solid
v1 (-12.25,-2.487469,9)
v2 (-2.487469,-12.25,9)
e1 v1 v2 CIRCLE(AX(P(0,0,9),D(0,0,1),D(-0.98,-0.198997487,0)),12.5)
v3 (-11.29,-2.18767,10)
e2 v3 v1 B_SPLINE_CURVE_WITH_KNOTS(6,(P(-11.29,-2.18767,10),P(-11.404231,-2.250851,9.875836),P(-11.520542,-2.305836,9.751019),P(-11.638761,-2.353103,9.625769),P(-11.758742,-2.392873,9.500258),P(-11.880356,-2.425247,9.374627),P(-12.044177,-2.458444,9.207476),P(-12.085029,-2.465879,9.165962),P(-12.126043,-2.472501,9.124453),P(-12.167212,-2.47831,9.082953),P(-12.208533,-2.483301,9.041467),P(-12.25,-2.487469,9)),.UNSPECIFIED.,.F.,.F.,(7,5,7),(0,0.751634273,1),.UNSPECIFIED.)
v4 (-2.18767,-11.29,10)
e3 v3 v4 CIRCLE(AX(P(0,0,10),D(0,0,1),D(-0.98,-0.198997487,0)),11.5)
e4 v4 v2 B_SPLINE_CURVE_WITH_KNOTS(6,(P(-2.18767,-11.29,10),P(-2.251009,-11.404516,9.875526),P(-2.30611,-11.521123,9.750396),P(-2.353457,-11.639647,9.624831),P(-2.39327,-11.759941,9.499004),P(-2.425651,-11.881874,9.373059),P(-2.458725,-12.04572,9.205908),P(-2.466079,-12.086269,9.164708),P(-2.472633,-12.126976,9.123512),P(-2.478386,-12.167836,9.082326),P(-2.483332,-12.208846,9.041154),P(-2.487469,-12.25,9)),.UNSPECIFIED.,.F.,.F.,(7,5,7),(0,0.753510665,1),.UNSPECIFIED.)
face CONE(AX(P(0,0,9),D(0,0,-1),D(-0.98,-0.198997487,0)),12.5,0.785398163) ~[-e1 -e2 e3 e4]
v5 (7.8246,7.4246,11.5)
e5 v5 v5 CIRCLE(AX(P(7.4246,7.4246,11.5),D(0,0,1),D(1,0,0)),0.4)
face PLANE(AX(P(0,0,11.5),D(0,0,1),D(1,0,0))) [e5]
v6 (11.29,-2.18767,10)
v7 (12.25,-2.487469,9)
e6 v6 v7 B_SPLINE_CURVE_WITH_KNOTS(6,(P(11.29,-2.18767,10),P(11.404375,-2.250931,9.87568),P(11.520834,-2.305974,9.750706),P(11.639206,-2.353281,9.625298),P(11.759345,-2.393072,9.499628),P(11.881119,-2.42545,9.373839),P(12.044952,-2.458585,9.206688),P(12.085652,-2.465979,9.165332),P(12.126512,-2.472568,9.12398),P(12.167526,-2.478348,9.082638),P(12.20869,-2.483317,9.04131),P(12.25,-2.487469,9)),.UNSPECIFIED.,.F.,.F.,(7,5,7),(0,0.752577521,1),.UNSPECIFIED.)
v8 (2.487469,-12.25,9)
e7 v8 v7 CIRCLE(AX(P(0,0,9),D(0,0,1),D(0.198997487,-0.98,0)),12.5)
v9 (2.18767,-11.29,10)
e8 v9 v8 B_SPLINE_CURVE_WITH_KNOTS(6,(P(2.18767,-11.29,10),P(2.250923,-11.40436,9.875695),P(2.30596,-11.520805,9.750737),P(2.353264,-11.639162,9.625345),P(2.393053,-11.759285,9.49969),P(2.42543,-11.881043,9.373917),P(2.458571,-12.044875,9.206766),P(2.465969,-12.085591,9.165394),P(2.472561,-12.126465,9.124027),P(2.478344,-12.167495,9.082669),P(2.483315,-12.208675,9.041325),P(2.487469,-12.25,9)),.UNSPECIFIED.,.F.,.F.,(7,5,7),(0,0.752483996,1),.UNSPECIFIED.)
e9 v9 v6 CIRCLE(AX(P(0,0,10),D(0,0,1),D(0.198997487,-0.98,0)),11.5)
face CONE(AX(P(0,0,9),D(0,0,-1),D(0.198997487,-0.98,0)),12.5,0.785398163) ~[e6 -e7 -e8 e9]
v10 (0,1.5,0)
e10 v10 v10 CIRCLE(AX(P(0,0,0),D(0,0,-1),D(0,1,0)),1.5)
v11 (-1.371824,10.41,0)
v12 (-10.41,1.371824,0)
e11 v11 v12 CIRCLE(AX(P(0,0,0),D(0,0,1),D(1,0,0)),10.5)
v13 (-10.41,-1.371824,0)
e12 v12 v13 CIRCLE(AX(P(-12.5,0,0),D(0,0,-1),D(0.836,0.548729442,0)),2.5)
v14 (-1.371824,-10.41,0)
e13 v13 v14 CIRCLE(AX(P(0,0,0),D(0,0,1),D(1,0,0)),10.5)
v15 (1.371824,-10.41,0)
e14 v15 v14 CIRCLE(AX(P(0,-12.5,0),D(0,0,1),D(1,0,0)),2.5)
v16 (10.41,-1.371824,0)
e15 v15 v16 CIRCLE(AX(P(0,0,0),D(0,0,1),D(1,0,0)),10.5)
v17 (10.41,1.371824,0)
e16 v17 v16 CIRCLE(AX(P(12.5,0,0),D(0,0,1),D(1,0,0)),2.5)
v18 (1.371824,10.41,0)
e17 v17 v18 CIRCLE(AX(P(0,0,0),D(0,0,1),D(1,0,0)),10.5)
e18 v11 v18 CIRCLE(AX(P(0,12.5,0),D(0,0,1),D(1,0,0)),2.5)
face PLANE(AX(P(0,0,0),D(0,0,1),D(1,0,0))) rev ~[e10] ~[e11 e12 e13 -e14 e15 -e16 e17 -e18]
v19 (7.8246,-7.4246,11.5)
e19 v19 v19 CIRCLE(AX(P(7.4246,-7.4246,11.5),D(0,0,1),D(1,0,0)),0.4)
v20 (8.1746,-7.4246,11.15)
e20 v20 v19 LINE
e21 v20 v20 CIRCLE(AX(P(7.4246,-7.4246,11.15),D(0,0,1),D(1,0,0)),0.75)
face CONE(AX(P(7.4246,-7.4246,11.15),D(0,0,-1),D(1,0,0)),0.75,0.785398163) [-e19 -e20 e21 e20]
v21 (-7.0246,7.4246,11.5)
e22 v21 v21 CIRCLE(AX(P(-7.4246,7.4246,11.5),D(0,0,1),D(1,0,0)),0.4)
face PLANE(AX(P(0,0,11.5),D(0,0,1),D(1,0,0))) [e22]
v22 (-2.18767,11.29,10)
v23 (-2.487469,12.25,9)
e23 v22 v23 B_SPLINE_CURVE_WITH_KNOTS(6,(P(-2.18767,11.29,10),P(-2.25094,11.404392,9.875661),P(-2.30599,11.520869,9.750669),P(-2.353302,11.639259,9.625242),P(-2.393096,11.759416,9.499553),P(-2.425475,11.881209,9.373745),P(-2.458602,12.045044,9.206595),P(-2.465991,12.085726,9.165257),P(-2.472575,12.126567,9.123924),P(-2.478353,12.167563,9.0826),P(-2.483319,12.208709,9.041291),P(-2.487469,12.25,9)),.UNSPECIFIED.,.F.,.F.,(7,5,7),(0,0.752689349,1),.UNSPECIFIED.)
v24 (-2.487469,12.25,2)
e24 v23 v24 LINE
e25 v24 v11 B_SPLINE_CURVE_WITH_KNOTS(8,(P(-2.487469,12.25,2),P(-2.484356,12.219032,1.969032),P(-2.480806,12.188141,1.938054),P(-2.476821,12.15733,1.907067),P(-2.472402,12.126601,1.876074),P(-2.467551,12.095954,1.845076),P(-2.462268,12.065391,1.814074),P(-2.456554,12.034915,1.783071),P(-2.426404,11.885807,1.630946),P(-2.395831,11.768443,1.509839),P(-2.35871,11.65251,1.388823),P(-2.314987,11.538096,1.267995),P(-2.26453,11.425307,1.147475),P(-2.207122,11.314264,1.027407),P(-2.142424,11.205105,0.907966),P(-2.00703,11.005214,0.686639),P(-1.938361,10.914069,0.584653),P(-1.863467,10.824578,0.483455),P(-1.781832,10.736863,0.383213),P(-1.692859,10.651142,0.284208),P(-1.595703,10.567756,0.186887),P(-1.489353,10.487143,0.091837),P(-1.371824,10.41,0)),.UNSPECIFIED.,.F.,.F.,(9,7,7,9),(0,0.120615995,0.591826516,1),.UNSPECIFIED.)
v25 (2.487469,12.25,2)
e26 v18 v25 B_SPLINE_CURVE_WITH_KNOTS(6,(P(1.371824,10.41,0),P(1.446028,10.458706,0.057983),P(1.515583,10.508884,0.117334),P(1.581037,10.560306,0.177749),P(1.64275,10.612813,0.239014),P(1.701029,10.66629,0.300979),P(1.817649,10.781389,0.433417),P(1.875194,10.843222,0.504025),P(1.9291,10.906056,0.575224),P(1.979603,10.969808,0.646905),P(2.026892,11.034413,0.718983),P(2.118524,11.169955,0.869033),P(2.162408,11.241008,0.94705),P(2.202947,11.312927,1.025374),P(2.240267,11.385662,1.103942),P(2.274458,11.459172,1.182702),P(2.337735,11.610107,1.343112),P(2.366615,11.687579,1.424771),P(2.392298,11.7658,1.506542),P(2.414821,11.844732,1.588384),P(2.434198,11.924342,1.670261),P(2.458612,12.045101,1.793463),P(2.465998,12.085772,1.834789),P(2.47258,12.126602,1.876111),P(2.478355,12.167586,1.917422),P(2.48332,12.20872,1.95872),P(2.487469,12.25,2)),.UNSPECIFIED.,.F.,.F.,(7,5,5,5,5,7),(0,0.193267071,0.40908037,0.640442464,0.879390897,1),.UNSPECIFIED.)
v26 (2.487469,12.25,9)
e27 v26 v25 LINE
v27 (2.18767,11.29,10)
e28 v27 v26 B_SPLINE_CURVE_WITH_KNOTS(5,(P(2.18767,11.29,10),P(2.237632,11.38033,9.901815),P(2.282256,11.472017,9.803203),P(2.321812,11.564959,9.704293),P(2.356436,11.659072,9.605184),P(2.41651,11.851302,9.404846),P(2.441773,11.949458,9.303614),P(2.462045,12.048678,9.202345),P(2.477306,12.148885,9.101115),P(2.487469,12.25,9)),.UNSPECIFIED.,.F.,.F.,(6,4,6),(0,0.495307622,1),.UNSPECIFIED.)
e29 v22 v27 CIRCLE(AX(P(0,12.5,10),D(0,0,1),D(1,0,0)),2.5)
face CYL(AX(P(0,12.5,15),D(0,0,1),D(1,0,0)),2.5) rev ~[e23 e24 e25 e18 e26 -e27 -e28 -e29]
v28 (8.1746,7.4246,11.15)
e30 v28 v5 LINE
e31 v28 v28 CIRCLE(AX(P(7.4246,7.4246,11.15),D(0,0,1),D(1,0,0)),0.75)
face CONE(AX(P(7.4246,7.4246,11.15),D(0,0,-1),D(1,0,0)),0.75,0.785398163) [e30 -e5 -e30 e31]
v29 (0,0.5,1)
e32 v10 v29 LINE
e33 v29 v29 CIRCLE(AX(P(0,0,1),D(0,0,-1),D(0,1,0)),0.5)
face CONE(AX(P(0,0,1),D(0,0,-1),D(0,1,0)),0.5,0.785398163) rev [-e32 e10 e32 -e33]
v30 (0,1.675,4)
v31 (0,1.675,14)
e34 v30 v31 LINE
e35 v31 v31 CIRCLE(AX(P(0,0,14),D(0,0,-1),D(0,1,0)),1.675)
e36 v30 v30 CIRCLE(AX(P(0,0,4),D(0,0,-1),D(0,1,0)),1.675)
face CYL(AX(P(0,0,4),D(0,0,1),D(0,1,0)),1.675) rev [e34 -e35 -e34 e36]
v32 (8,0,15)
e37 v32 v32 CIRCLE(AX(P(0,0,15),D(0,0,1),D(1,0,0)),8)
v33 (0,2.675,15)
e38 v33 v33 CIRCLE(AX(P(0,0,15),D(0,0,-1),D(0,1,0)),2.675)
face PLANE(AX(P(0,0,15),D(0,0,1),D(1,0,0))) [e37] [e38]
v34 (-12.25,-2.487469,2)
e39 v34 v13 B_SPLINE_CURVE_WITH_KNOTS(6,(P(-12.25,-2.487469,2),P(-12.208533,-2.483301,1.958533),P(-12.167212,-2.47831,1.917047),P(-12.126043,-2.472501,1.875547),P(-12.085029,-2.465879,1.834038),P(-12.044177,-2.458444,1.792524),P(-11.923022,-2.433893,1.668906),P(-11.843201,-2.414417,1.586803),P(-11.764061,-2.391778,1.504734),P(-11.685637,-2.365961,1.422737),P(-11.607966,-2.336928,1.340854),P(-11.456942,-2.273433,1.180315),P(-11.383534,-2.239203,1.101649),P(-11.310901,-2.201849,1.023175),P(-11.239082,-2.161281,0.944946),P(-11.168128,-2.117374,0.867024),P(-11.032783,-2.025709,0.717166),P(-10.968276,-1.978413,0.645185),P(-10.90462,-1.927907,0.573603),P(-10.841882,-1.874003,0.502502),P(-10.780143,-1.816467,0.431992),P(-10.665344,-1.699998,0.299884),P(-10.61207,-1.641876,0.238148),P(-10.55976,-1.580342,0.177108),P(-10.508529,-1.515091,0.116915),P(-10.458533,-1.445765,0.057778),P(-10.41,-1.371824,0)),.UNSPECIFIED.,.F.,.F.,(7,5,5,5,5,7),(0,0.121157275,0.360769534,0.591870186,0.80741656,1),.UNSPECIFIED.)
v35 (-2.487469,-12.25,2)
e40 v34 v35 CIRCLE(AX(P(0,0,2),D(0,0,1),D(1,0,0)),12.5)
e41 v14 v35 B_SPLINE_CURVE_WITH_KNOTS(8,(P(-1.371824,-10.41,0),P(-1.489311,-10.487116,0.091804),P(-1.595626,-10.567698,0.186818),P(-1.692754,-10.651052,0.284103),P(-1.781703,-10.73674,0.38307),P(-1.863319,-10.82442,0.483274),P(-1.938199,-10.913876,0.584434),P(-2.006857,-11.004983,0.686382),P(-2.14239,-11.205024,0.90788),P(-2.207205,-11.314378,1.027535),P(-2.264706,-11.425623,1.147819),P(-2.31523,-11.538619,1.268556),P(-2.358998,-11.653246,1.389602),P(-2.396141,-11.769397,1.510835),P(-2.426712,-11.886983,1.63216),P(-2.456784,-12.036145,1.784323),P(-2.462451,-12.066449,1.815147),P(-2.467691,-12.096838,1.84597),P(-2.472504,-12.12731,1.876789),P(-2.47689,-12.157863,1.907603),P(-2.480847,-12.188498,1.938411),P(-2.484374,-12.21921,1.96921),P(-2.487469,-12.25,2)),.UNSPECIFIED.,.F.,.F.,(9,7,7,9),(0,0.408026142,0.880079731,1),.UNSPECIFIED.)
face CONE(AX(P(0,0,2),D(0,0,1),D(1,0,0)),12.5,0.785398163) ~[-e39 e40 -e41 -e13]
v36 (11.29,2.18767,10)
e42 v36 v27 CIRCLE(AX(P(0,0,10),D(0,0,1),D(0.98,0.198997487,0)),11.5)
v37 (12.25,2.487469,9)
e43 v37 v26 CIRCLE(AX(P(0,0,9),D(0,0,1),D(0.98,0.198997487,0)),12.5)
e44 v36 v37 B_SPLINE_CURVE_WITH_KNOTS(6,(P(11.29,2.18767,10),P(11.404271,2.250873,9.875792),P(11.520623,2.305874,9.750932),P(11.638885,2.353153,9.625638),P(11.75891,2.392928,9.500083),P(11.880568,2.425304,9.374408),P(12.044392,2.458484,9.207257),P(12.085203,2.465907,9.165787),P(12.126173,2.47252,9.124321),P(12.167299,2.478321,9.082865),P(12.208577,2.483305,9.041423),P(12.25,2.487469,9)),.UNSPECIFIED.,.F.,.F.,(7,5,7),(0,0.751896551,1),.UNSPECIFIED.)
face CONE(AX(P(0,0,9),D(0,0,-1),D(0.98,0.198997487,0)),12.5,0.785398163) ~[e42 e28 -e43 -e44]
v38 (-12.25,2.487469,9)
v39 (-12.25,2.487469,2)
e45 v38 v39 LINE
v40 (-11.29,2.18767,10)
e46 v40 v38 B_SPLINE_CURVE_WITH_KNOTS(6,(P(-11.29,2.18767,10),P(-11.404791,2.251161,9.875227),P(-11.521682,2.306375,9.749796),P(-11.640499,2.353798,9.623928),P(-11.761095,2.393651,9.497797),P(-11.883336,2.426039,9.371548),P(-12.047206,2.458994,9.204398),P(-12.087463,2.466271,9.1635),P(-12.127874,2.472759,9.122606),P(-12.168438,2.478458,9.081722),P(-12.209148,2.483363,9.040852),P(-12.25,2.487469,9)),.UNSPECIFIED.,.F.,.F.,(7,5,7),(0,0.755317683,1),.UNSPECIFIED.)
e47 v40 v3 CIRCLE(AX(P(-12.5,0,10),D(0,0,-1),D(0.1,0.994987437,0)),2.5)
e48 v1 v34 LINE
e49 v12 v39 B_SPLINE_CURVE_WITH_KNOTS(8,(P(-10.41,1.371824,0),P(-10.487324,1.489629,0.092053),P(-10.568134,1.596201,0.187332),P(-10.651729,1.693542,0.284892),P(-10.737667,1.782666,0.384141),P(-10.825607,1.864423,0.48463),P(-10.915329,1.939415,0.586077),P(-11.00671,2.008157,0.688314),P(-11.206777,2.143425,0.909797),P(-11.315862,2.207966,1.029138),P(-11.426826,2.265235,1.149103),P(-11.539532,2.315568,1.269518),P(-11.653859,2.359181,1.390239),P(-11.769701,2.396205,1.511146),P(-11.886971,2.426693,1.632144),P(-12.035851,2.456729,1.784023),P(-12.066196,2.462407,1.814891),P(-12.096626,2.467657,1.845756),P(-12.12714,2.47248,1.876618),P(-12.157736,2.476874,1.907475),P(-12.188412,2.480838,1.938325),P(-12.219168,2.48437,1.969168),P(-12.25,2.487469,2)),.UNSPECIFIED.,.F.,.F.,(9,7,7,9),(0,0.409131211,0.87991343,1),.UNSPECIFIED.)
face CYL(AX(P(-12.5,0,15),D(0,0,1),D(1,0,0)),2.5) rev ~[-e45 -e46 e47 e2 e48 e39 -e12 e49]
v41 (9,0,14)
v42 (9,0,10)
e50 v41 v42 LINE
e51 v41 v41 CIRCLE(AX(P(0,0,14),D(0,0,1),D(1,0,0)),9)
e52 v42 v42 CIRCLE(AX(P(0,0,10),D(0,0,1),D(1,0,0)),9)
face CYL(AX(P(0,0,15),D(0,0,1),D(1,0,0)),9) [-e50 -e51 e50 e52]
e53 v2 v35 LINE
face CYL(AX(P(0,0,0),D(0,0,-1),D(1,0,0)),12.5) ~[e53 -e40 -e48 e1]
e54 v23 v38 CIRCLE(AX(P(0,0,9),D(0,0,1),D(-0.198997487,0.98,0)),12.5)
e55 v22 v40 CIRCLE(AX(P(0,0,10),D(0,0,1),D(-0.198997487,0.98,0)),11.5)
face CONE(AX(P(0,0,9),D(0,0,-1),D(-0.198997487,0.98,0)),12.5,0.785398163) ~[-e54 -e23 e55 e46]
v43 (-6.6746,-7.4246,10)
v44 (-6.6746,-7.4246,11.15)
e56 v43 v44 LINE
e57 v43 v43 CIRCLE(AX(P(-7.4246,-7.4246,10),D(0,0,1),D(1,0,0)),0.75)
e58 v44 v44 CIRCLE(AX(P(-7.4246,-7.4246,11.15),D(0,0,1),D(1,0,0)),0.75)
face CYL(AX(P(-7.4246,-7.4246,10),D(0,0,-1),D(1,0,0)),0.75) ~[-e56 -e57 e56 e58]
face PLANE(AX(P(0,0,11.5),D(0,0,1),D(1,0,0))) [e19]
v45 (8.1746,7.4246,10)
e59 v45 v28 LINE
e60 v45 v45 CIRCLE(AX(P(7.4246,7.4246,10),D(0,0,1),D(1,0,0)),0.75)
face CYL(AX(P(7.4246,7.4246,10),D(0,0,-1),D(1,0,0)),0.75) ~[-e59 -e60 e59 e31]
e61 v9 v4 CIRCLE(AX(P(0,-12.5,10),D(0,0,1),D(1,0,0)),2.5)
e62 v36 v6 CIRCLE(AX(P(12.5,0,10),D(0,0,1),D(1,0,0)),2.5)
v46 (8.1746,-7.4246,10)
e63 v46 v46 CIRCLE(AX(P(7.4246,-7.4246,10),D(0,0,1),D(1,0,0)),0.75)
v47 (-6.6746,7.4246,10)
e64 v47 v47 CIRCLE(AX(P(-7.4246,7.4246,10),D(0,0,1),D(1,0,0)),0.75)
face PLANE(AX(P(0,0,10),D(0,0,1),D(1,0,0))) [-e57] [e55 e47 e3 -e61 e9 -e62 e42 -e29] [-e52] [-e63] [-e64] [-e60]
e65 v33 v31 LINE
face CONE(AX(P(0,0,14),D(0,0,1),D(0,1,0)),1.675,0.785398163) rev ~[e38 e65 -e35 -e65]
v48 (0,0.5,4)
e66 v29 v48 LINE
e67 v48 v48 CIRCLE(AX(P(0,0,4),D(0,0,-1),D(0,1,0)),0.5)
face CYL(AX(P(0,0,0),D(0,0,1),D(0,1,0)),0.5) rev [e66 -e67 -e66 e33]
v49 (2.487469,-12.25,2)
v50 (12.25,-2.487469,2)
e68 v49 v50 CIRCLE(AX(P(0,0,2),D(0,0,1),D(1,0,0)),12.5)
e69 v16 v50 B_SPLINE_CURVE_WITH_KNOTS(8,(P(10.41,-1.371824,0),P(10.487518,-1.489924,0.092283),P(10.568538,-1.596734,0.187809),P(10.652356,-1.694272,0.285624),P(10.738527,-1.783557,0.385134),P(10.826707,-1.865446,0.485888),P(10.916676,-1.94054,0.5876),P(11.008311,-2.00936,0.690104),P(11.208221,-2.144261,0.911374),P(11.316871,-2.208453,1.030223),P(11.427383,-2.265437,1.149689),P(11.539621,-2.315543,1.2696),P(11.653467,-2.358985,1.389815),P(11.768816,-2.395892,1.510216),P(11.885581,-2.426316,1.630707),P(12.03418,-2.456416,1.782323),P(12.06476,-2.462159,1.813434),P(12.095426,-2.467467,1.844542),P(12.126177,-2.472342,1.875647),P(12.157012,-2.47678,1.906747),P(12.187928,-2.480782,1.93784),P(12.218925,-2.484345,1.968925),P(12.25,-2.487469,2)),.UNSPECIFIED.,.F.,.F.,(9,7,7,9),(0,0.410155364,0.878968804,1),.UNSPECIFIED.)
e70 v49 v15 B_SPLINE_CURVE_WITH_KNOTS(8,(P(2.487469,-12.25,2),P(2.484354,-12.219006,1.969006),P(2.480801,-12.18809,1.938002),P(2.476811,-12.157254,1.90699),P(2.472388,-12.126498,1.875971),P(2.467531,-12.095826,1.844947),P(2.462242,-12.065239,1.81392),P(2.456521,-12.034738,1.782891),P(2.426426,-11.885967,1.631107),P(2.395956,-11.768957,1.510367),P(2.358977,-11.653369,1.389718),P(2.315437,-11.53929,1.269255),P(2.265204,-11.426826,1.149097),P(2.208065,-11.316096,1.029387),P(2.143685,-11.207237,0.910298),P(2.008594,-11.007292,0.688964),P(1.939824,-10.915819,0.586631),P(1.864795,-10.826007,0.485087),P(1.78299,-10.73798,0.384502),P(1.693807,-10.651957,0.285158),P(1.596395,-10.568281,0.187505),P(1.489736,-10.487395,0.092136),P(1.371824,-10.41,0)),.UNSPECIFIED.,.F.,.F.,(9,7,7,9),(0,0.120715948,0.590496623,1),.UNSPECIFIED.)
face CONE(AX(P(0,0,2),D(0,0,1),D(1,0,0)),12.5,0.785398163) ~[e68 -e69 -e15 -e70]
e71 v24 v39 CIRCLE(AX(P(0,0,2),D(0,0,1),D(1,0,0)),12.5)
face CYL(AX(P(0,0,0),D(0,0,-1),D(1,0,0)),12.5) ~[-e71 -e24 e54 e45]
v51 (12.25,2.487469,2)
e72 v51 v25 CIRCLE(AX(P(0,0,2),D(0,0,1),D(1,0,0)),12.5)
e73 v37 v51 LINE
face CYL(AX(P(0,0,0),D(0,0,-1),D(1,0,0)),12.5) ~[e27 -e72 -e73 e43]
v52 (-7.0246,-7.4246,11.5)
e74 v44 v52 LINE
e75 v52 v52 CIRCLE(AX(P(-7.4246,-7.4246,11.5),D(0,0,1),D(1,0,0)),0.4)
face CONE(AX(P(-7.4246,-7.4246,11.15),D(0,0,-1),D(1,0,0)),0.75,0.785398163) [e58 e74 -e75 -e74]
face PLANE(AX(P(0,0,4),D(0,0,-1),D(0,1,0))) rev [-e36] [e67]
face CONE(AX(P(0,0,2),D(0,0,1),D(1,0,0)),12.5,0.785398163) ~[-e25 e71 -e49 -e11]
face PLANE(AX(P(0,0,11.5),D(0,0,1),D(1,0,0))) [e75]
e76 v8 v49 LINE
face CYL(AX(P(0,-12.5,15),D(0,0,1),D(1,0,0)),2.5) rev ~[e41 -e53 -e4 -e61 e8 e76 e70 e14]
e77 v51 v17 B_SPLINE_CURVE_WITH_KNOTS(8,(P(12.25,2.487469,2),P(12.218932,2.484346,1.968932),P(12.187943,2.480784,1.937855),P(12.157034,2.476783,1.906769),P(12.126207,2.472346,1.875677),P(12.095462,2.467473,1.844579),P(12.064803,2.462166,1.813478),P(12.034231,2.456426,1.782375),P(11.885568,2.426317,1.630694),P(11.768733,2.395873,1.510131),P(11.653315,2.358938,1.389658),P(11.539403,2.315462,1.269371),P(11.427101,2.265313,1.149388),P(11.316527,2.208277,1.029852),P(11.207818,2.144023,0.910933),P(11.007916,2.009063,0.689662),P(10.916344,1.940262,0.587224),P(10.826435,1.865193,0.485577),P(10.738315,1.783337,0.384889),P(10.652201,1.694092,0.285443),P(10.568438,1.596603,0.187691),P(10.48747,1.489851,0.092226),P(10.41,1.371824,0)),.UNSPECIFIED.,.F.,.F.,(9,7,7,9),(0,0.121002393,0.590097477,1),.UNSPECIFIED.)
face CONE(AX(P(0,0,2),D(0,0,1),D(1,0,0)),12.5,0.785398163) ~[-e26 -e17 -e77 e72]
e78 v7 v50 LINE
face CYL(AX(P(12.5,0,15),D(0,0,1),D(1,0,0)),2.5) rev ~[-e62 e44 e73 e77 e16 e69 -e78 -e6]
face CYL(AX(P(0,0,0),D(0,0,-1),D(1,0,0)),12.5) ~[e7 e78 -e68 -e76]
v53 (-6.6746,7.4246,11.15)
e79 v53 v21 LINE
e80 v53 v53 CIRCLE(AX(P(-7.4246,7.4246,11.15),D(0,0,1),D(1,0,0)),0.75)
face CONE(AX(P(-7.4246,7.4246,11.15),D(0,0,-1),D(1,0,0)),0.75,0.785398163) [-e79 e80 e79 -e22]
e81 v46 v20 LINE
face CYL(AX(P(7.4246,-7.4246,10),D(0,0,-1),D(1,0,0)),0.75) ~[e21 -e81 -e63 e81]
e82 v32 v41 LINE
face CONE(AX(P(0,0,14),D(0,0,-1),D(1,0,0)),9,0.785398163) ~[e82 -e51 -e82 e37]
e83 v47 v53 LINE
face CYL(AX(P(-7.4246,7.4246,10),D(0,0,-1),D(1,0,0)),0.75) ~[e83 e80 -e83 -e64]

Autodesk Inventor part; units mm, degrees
ref_plane "YZ Plane" through (0, 0, 0) normal (1, 0, 0) x (0, 1, 0)
ref_plane "XZ Plane" through (0, 0, 0) normal (0, 1, 0) x (-1, 0, 0)
ref_plane "XY Plane" through (0, 0, 0) normal (0, 0, 1) x (1, 0, 0)
sketch "Sketch1" plane through (0, 0, 0) normal (0, 0, 1) x (1, 0, 0)
  circle A0 centre (0, 0) radius 12.5
  dimension "d0" = 25
extrude "Extrusion1" add sketch "Sketch1" along normal blind 15
chamfer "Chamfer2" distance 2 angle 45 1 edges at (-12.5, 0, 0)
sketch "Sketch2" plane through (0, 0, 0) normal (1, 0, 0) x (0, 1, 0)
  line L0 (0, 0) -> (0.5, 0)
  line L1 (0.5, 0) -> (0.5, 4)
  line L2 (0.5, 4) -> (0, 4)
  line L3 (0, 4) -> (0, 0)
  line L4 (12.5, 15) -> (-12.5, 15) projected
  line L5 (0, 4) -> (1.675, 4)
  line L6 (1.675, 4) -> (1.675, 15)
  line L7 (1.675, 15) -> (0, 15)
  line L8 (0, 15) -> (0, 4)
  dimension "d9" = 0.5
  dimension "d10" = 1.675
  dimension "d11" = 4
revolve "Revolution1" cut sketch "Sketch2" angle 360 about axis through (0, 0, 15) along (0, 0, -1)
chamfer "Chamfer3" distance 1 angle 45 2 edges at (0, -0.5, 0) (0, -1.675, 15)
sketch "Sketch3" plane through (0, 0, 15) normal (0, 0, 1) x (1, 0, 0)
  circle A0 centre (0, 0) radius 9
  circle A1 centre (0, 0) radius 0.5 construction
  line L0 (0, 0) -> (26.029, 0) construction
  circle A2 centre (0, 0) radius 12.5 construction
  circle A3 centre (12.5, 0) radius 2.5
  circle A4 centre (0, 12.5) radius 2.5
  circle A5 centre (-12.5, 0) radius 2.5
  circle A6 centre (0, -12.5) radius 2.5
  circle A7 centre (0, 0) radius 12.5
  point P0 (-2.4875, 12.25)
  point P1 (-12.25, 2.4875)
  point P2 (-12.25, -2.4875)
  point P3 (-2.4875, -12.25)
  point P4 (2.4875, -12.25)
  point P5 (12.25, -2.4875)
  point P6 (12.25, 2.4875)
  point P7 (2.4875, 12.25)
  dimension "d16" = 5
  dimension "d19" = 360
  dimension "d21" = 25
  dimension "d22" = 18
extrude "Extrusion2" cut sketch "Sketch3" against normal through all contours A3 A7 | A7 A3 | A7 A4 | A4 A7 | A7 A6 | A6 A7 | A7 A5 | A5 A7
extrude "Extrusion3" cut sketch "Sketch3" against normal blind 5 contours A3 A7 A6 A5 A4
chamfer "Chamfer4" distance 1 angle 45 5 edges at (-9, 0, 15) (-8.8388, -8.8388, 10) (8.8388, -8.8388, 10) (8.8388, 8.8388, 10) (-8.8388, 8.8388, 10)
sketch "Sketch4" plane through (0, 0, 10) normal (0, 0, 1) x (1, 0, 0)
  circle A0 centre (0, 0) radius 0.5 construction
  line L0 (0, 0) -> (-18.6595, 0) construction
  line L1 (0, 0) -> (0, 25.4609) construction
  circle A1 centre (0, 0) radius 1.675 construction
  line L2 (0, 0) -> (-16.5294, 16.5294) construction
  circle A2 centre (-7.4246, 7.4246) radius 0.75
  circle A3 centre (0, 0) radius 2.675 construction
  circle A4 centre (0, 0) radius 10.5 construction
  circle A5 centre (-7.4246, -7.4246) radius 0.75
  circle A6 centre (7.4246, -7.4246) radius 0.75
  circle A7 centre (7.4246, 7.4246) radius 0.75
  point P0 (0, 0)
  dimension "d31" = 21
  dimension "d30" = 45
  dimension "d32" = 1.5
  dimension "d35" = 360
extrude "Extrusion4" add sketch "Sketch4" along normal blind 1.5
chamfer "Chamfer5" distance 0.35 angle 45 4 edges at (6.6746, 7.4246, 11.5) (-8.1746, 7.4246, 11.5) (-8.1746, -7.4246, 11.5) (6.6746, -7.4246, 11.5)
properties part number "centrifugetool_3.2mm_base_v3"
